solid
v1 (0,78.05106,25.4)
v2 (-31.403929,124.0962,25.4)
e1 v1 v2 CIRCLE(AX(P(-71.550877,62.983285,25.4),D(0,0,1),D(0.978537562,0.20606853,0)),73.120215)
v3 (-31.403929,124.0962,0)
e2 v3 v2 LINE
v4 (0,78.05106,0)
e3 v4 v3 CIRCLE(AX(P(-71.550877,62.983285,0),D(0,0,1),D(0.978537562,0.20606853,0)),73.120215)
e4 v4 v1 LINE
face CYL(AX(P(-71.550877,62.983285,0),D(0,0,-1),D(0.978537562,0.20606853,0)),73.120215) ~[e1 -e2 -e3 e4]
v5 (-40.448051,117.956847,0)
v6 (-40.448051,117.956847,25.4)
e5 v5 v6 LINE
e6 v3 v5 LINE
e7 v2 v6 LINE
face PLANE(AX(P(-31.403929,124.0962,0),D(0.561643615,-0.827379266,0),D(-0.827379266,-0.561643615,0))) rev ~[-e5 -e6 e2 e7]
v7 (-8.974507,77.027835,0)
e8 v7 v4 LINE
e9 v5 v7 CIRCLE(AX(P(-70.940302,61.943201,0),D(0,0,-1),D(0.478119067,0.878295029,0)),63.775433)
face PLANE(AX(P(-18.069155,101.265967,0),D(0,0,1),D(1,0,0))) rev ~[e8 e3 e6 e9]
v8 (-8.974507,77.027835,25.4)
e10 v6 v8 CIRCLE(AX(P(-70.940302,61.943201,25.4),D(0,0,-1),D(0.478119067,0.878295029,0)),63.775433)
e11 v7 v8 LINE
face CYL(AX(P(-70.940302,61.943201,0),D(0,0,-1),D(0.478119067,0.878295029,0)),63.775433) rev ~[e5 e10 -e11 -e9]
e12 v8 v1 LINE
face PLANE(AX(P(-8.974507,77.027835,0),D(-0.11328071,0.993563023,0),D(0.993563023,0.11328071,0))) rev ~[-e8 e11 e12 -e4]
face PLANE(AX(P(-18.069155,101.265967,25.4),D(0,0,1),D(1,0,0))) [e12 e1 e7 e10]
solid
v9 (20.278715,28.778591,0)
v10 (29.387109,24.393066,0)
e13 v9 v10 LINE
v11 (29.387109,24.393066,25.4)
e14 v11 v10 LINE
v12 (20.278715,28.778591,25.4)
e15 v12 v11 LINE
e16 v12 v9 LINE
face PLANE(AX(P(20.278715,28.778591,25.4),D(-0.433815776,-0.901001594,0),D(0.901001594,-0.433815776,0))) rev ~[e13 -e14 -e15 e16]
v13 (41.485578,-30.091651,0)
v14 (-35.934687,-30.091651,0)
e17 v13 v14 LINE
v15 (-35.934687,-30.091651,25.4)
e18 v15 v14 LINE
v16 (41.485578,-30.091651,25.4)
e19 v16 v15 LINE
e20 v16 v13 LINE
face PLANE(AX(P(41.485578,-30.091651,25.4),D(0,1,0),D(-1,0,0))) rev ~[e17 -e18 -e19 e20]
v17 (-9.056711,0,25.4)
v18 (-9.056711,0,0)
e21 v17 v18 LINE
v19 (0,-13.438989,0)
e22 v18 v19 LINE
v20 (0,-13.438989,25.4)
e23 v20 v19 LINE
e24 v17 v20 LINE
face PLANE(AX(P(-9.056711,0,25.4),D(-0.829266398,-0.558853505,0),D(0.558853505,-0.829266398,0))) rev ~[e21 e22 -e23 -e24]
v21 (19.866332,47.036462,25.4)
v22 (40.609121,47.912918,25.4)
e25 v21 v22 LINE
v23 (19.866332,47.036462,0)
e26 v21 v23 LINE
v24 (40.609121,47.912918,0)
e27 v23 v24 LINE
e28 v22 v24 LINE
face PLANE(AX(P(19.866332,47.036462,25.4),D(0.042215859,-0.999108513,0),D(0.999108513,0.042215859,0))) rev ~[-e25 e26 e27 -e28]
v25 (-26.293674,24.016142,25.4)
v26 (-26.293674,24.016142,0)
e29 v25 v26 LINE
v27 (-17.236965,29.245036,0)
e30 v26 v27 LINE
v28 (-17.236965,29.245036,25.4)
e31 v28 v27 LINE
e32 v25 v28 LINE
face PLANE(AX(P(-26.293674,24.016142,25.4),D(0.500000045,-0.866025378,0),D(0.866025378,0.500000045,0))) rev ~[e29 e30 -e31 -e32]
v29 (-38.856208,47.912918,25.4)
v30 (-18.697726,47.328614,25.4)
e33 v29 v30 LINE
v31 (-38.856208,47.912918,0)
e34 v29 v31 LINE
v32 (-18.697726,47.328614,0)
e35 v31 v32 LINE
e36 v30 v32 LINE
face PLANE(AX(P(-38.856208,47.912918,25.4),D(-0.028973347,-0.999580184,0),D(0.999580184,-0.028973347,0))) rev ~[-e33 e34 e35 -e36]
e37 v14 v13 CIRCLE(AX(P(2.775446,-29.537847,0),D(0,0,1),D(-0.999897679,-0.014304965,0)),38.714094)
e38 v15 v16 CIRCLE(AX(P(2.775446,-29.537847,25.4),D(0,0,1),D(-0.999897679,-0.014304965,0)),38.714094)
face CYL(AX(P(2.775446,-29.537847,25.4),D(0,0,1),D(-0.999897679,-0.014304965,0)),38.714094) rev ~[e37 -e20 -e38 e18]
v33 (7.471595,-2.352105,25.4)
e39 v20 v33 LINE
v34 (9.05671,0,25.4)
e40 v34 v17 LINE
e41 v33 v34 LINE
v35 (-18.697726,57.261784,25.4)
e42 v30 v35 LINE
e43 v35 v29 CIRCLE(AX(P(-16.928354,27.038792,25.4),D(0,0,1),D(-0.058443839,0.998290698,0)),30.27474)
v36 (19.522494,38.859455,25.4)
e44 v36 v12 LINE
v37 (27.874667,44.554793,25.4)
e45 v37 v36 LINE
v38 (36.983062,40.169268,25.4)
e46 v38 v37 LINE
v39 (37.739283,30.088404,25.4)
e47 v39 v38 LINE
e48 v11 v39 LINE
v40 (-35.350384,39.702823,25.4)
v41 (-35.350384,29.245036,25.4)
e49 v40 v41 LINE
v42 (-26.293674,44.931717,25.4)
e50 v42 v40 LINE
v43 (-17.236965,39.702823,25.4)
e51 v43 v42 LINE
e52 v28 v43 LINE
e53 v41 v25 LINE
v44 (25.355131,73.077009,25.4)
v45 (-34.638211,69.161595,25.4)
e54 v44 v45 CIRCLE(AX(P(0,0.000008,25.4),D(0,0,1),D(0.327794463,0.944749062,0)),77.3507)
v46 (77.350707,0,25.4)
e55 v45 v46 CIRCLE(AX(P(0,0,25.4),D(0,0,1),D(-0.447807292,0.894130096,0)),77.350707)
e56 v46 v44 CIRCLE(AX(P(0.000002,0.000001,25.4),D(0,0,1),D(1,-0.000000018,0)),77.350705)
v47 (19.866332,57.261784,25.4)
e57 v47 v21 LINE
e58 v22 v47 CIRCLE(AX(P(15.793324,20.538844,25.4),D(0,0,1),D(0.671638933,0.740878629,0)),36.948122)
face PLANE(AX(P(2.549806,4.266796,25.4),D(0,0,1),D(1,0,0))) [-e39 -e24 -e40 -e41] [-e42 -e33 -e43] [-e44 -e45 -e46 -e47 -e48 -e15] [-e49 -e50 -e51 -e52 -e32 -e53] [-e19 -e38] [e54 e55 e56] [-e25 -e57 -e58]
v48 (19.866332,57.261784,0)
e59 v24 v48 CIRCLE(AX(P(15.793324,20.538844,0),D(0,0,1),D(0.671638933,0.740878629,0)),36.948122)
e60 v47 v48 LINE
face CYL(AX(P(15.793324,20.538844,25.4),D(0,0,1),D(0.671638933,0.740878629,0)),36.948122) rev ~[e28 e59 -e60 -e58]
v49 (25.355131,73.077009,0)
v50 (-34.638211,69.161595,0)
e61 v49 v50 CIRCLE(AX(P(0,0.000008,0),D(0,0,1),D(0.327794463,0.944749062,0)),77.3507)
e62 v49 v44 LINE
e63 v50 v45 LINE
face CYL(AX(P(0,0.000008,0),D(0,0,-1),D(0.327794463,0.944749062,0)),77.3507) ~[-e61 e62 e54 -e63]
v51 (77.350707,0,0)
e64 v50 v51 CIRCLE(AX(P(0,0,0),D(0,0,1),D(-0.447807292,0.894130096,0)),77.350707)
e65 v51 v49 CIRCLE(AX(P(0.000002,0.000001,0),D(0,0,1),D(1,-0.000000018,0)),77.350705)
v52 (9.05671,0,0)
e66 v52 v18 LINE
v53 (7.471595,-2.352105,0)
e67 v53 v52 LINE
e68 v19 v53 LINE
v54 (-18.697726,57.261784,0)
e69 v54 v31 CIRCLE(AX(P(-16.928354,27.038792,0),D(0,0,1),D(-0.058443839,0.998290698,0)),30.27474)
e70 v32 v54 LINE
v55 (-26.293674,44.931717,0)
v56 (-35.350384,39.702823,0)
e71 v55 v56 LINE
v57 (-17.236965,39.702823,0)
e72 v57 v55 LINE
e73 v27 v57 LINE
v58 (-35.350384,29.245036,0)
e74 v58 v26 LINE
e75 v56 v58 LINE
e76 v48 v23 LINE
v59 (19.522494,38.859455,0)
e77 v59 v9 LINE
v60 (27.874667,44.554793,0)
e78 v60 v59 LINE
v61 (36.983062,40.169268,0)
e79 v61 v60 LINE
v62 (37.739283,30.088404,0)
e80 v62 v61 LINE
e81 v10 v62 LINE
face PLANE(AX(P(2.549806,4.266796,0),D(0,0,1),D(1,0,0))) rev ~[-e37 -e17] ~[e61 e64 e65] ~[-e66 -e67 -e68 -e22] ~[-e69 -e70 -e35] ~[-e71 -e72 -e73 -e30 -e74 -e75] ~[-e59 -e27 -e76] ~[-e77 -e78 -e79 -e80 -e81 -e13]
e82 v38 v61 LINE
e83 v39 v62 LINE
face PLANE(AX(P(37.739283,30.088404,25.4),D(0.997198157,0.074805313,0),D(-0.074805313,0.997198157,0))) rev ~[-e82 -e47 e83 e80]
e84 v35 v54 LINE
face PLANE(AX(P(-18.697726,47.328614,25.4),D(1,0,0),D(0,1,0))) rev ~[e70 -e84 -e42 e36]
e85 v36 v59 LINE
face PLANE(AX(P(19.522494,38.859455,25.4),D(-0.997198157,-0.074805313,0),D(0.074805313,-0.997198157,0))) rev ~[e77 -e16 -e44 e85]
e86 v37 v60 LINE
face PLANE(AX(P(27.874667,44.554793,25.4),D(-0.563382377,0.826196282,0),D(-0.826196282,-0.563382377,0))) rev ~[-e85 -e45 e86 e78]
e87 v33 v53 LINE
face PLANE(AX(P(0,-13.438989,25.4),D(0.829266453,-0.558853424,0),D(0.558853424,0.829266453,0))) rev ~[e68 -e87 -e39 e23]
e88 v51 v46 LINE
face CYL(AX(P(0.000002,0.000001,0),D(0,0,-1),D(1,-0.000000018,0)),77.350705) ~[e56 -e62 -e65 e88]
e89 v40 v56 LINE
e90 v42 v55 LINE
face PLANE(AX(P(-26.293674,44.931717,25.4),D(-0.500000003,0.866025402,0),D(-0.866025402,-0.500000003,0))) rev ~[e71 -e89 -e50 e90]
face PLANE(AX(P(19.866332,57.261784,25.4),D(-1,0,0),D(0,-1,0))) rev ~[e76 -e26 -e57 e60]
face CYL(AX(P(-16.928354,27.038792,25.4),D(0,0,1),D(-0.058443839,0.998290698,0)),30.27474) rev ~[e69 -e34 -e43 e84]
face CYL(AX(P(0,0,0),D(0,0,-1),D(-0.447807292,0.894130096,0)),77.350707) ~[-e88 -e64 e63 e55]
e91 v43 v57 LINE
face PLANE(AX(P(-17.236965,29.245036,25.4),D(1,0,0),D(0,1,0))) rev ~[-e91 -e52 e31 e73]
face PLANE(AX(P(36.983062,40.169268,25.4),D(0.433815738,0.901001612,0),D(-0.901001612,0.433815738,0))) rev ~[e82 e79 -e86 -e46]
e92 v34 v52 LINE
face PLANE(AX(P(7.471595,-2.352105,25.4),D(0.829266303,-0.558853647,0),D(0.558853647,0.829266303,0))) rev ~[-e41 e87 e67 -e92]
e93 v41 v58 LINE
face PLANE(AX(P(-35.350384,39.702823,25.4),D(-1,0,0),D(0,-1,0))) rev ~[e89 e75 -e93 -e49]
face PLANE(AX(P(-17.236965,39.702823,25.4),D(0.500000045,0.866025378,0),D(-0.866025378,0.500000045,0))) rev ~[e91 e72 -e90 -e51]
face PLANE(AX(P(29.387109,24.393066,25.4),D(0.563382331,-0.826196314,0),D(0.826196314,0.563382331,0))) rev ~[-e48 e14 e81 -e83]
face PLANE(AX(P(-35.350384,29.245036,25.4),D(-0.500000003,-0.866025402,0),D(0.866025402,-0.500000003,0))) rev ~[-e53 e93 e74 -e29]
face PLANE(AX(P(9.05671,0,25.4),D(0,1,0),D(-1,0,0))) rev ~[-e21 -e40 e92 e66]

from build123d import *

# Parameters (mm, degrees)
F1_DEPTH  = 25.4
F3_DEPTH  = 25.4
F5_DEPTH  = 25.4
F7_DEPTH  = 25.4
F9_DEPTH  = 25.4
F11_DEPTH = 25.4


with BuildPart() as f1:
    # F0 (on Top) → F1 (new body)
    with BuildSketch(Plane.XY):
        with BuildLine():
            ThreePointArc((-34.638211, 69.161595), (-40.64383, -65.811937), (77.350707, 0))
            ThreePointArc((77.350707, 0), (63.02527, 44.843587), (25.355131, 73.077009))
            ThreePointArc((25.355131, 73.077009), (-5.037511, 77.186498), (-34.638211, 69.161595))
        make_face()
    extrude(amount=F1_DEPTH)

    # F2 (on face) → F3 (cut)
    with BuildSketch(Plane.XY.offset(25.4)):
        Polygon((7.471595, -2.352105), (-9.056711, 0), (0, -13.438989), align=None)
        Polygon((9.05671, 0), (-9.056711, 0), (7.471595, -2.352105), align=None)
    extrude(amount=-F3_DEPTH, mode=Mode.SUBTRACT)

    # F4 (on face) → F5 (cut)
    with BuildSketch(Plane.XY.offset(25.4)):
        with BuildLine():
            Line((-18.697726, 47.328614), (-18.697726, 57.261784))
            ThreePointArc((-18.697726, 57.261784), (-29.665699, 54.503678), (-38.856208, 47.912918))
            Line((-38.856208, 47.912918), (-18.697726, 47.328614))
        make_face()
        with BuildLine():
            Line((19.866332, 47.036462), (40.609121, 47.912918))
            ThreePointArc((40.609121, 47.912918), (30.975257, 54.223746), (19.866332, 57.261784))
            Line((19.866332, 57.261784), (19.866332, 47.036462))
        make_face()
    extrude(amount=-F5_DEPTH, mode=Mode.SUBTRACT)

    # F6 (on face) → F7 (cut)
    with BuildSketch(Plane.XY.offset(25.4)):
        Polygon((-17.236965, 29.245036), (-17.236965, 39.702823), (-26.293674, 44.931717), (-35.350384, 39.702823), (-35.350384, 29.245036), (-26.293674, 24.016142), align=None)
        Polygon((36.983062, 40.169268), (27.874667, 44.554793), (19.522494, 38.859455), (20.278715, 28.778591), (29.387109, 24.393066), (37.739283, 30.088404), align=None)
    extrude(amount=-F7_DEPTH, mode=Mode.SUBTRACT)

    # F8 (on face) → F9 (cut)
    with BuildSketch(Plane.XY.offset(25.4)):
        with BuildLine():
            Line((41.485578, -30.091651), (-35.934687, -30.091651))
            ThreePointArc((-35.934687, -30.091651), (2.775446, -68.251941), (41.485578, -30.091651))
        make_face()
    extrude(amount=-F9_DEPTH, mode=Mode.SUBTRACT)


with BuildPart() as f11:
    # F10 (on Top) → F11 (new body)
    with BuildSketch(Plane.XY):
        with BuildLine():
            ThreePointArc((-40.448051, 117.956847), (-20.384209, 100.819767), (-8.974507, 77.027835))
            Line((-8.974507, 77.027835), (0, 78.05106))
            ThreePointArc((0, 78.05106), (-11.142767, 104.183116), (-31.403929, 124.0962))
            Line((-31.403929, 124.0962), (-40.448051, 117.956847))
        make_face()
    extrude(amount=F11_DEPTH)


solid = Compound([f1.part, f11.part])
